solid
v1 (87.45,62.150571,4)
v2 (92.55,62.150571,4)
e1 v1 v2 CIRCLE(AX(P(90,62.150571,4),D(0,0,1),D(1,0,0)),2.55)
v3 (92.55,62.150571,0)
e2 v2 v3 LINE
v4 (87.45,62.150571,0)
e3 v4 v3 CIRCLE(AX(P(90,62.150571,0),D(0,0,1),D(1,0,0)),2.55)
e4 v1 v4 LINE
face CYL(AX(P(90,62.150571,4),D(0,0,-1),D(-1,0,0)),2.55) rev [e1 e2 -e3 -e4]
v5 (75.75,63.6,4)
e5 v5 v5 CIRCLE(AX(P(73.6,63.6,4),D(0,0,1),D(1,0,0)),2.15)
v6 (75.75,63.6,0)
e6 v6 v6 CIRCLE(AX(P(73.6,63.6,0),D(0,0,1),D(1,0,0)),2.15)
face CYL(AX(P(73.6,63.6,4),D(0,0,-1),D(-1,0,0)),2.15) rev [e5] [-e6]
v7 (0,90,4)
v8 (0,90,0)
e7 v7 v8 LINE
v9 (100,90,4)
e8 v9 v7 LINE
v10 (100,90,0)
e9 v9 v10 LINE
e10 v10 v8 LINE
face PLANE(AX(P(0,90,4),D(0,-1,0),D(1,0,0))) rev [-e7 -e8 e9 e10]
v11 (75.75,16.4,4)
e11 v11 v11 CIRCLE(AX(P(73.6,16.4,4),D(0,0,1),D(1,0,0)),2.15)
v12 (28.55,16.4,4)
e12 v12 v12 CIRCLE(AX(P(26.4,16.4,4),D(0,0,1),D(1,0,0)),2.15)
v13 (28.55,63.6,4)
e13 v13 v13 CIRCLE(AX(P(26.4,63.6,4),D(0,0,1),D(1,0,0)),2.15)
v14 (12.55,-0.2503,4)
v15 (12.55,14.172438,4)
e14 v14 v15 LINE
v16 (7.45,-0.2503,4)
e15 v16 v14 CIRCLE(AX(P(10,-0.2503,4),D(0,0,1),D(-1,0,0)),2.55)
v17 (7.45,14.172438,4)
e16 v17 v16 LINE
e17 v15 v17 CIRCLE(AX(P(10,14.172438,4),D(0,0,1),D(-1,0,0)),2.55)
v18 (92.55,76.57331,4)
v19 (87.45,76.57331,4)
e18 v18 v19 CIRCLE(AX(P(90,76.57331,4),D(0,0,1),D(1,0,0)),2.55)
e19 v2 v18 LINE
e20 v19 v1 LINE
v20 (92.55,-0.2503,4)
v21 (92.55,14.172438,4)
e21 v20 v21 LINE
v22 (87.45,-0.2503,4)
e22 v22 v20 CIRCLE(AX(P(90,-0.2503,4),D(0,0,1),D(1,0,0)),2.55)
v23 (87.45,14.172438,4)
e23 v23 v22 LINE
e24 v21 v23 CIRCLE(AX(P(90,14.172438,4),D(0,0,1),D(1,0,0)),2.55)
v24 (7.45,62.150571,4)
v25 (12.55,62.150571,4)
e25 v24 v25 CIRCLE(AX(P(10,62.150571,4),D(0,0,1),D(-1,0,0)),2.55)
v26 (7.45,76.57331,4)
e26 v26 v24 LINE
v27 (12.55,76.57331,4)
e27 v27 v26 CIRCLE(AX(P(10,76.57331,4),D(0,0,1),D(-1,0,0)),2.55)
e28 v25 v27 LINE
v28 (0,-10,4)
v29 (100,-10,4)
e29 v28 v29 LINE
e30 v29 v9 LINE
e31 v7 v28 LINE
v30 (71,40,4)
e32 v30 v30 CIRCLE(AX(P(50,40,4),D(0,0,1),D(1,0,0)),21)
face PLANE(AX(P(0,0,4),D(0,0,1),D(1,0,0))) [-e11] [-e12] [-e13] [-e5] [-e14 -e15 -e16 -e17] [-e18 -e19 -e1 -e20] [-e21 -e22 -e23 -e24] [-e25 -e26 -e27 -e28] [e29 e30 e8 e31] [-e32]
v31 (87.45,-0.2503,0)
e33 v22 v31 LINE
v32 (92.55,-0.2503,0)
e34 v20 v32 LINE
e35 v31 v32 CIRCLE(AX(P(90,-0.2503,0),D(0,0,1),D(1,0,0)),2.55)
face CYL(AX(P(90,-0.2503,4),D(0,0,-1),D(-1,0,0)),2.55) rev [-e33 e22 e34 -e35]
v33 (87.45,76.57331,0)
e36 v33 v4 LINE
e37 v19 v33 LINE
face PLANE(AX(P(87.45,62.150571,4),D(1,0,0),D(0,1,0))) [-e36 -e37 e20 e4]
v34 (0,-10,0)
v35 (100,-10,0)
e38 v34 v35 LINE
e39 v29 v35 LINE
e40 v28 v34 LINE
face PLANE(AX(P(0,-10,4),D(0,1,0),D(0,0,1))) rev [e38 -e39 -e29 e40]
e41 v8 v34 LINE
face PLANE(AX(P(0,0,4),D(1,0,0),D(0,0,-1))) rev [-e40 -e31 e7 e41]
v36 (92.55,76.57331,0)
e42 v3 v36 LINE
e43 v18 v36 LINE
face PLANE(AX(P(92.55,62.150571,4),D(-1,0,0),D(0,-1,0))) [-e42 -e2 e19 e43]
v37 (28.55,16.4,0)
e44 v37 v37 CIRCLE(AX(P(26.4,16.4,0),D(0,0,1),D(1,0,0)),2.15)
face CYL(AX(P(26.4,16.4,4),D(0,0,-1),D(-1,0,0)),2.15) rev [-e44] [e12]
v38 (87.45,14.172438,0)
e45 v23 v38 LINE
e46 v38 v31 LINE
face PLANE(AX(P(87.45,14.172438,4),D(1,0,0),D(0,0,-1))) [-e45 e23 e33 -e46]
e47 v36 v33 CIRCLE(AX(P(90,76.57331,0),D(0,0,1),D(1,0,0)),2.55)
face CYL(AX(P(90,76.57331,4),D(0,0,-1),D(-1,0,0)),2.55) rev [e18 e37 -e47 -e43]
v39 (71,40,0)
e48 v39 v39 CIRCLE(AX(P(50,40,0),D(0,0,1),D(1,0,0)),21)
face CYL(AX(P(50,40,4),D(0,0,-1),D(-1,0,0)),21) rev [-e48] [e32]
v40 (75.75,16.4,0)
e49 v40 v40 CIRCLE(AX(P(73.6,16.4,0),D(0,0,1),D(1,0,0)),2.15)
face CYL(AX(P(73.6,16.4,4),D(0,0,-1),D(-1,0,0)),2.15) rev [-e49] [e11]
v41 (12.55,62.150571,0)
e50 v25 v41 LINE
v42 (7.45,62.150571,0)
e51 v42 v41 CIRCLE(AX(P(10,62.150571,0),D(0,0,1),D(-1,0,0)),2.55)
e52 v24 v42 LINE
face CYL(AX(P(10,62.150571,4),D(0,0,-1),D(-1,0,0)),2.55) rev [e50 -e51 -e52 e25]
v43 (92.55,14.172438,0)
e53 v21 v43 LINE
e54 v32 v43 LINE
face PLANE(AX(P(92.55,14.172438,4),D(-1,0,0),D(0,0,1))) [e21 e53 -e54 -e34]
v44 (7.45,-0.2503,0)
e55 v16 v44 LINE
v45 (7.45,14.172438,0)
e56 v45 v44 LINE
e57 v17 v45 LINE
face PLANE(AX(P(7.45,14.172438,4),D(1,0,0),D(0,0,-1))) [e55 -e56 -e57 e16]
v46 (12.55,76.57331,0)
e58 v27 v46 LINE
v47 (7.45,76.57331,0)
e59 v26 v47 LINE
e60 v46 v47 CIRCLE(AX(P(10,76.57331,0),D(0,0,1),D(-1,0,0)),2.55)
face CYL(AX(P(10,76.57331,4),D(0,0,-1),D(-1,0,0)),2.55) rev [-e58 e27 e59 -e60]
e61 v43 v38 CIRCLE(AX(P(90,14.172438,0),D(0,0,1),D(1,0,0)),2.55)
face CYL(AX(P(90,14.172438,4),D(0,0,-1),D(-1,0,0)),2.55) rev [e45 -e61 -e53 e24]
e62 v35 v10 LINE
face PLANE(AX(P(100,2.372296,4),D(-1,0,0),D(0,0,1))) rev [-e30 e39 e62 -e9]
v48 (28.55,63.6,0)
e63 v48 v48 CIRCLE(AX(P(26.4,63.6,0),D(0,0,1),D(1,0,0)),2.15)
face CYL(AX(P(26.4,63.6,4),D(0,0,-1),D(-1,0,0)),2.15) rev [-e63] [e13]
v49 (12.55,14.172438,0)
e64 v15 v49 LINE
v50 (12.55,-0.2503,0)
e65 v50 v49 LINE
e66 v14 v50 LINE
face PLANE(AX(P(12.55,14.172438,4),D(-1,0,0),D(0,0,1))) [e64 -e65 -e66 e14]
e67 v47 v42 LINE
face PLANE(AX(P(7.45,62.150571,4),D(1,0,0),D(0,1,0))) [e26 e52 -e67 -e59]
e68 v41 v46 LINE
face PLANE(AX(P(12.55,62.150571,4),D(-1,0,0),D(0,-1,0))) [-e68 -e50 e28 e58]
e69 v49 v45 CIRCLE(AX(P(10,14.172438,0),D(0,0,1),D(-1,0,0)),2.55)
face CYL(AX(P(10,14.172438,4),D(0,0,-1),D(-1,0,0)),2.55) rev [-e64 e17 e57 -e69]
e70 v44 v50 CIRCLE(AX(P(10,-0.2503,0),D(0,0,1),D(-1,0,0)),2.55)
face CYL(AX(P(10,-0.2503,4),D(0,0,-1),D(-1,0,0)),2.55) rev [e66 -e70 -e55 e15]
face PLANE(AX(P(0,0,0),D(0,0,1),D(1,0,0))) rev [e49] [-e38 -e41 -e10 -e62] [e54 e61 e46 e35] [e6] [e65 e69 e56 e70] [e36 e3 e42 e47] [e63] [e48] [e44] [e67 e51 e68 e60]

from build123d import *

# Parameters (mm, degrees)
SKETCH1_R           = 2.15
SKETCH1_R_2         = 21
BOSS_EXTRUDE1_DEPTH = 4


with BuildPart() as part:
    # Sketch1 → Boss-Extrude1 (new body)
    with BuildSketch(Plane.XY):
        Polygon((0, 0), (0, 90), (100, 90), (100, 2.372295937), (100, -10), (0, -10), align=None)
        with Locations((26.4, 63.6)):
            Circle(SKETCH1_R, mode=Mode.SUBTRACT)
        with Locations((73.6, 63.6)):
            Circle(SKETCH1_R, mode=Mode.SUBTRACT)
        with Locations((73.6, 16.4)):
            Circle(SKETCH1_R, mode=Mode.SUBTRACT)
        with Locations((26.4, 16.4)):
            Circle(SKETCH1_R, mode=Mode.SUBTRACT)
        with Locations((50, 40)):
            Circle(SKETCH1_R_2, mode=Mode.SUBTRACT)
        with BuildLine():
            Line((7.45, 14.17243776), (7.45, -0.25030049))
            ThreePointArc((7.45, -0.25030049), (10, -2.80030049), (12.55, -0.25030049))
            Line((12.55, -0.25030049), (12.55, 14.17243776))
            ThreePointArc((12.55, 14.17243776), (10, 16.72243776), (7.45, 14.17243776))
        make_face(mode=Mode.SUBTRACT)
        with BuildLine():
            Line((87.45, 62.150571419), (87.45, 76.57330967))
            ThreePointArc((87.45, 76.57330967), (90, 79.12330967), (92.55, 76.57330967))
            Line((92.55, 76.57330967), (92.55, 62.150571419))
            ThreePointArc((92.55, 62.150571419), (90, 59.600571419), (87.45, 62.150571419))
        make_face(mode=Mode.SUBTRACT)
        with BuildLine():
            Line((92.55, 14.17243776), (92.55, -0.25030049))
            ThreePointArc((92.55, -0.25030049), (90, -2.80030049), (87.45, -0.25030049))
            Line((87.45, -0.25030049), (87.45, 14.17243776))
            ThreePointArc((87.45, 14.17243776), (90, 16.72243776), (92.55, 14.17243776))
        make_face(mode=Mode.SUBTRACT)
        with BuildLine():
            Line((12.55, 62.150571419), (12.55, 76.57330967))
            ThreePointArc((12.55, 76.57330967), (10, 79.12330967), (7.45, 76.57330967))
            Line((7.45, 76.57330967), (7.45, 62.150571419))
            ThreePointArc((7.45, 62.150571419), (10, 59.600571419), (12.55, 62.150571419))
        make_face(mode=Mode.SUBTRACT)
    extrude(amount=BOSS_EXTRUDE1_DEPTH)


solid = part.part
